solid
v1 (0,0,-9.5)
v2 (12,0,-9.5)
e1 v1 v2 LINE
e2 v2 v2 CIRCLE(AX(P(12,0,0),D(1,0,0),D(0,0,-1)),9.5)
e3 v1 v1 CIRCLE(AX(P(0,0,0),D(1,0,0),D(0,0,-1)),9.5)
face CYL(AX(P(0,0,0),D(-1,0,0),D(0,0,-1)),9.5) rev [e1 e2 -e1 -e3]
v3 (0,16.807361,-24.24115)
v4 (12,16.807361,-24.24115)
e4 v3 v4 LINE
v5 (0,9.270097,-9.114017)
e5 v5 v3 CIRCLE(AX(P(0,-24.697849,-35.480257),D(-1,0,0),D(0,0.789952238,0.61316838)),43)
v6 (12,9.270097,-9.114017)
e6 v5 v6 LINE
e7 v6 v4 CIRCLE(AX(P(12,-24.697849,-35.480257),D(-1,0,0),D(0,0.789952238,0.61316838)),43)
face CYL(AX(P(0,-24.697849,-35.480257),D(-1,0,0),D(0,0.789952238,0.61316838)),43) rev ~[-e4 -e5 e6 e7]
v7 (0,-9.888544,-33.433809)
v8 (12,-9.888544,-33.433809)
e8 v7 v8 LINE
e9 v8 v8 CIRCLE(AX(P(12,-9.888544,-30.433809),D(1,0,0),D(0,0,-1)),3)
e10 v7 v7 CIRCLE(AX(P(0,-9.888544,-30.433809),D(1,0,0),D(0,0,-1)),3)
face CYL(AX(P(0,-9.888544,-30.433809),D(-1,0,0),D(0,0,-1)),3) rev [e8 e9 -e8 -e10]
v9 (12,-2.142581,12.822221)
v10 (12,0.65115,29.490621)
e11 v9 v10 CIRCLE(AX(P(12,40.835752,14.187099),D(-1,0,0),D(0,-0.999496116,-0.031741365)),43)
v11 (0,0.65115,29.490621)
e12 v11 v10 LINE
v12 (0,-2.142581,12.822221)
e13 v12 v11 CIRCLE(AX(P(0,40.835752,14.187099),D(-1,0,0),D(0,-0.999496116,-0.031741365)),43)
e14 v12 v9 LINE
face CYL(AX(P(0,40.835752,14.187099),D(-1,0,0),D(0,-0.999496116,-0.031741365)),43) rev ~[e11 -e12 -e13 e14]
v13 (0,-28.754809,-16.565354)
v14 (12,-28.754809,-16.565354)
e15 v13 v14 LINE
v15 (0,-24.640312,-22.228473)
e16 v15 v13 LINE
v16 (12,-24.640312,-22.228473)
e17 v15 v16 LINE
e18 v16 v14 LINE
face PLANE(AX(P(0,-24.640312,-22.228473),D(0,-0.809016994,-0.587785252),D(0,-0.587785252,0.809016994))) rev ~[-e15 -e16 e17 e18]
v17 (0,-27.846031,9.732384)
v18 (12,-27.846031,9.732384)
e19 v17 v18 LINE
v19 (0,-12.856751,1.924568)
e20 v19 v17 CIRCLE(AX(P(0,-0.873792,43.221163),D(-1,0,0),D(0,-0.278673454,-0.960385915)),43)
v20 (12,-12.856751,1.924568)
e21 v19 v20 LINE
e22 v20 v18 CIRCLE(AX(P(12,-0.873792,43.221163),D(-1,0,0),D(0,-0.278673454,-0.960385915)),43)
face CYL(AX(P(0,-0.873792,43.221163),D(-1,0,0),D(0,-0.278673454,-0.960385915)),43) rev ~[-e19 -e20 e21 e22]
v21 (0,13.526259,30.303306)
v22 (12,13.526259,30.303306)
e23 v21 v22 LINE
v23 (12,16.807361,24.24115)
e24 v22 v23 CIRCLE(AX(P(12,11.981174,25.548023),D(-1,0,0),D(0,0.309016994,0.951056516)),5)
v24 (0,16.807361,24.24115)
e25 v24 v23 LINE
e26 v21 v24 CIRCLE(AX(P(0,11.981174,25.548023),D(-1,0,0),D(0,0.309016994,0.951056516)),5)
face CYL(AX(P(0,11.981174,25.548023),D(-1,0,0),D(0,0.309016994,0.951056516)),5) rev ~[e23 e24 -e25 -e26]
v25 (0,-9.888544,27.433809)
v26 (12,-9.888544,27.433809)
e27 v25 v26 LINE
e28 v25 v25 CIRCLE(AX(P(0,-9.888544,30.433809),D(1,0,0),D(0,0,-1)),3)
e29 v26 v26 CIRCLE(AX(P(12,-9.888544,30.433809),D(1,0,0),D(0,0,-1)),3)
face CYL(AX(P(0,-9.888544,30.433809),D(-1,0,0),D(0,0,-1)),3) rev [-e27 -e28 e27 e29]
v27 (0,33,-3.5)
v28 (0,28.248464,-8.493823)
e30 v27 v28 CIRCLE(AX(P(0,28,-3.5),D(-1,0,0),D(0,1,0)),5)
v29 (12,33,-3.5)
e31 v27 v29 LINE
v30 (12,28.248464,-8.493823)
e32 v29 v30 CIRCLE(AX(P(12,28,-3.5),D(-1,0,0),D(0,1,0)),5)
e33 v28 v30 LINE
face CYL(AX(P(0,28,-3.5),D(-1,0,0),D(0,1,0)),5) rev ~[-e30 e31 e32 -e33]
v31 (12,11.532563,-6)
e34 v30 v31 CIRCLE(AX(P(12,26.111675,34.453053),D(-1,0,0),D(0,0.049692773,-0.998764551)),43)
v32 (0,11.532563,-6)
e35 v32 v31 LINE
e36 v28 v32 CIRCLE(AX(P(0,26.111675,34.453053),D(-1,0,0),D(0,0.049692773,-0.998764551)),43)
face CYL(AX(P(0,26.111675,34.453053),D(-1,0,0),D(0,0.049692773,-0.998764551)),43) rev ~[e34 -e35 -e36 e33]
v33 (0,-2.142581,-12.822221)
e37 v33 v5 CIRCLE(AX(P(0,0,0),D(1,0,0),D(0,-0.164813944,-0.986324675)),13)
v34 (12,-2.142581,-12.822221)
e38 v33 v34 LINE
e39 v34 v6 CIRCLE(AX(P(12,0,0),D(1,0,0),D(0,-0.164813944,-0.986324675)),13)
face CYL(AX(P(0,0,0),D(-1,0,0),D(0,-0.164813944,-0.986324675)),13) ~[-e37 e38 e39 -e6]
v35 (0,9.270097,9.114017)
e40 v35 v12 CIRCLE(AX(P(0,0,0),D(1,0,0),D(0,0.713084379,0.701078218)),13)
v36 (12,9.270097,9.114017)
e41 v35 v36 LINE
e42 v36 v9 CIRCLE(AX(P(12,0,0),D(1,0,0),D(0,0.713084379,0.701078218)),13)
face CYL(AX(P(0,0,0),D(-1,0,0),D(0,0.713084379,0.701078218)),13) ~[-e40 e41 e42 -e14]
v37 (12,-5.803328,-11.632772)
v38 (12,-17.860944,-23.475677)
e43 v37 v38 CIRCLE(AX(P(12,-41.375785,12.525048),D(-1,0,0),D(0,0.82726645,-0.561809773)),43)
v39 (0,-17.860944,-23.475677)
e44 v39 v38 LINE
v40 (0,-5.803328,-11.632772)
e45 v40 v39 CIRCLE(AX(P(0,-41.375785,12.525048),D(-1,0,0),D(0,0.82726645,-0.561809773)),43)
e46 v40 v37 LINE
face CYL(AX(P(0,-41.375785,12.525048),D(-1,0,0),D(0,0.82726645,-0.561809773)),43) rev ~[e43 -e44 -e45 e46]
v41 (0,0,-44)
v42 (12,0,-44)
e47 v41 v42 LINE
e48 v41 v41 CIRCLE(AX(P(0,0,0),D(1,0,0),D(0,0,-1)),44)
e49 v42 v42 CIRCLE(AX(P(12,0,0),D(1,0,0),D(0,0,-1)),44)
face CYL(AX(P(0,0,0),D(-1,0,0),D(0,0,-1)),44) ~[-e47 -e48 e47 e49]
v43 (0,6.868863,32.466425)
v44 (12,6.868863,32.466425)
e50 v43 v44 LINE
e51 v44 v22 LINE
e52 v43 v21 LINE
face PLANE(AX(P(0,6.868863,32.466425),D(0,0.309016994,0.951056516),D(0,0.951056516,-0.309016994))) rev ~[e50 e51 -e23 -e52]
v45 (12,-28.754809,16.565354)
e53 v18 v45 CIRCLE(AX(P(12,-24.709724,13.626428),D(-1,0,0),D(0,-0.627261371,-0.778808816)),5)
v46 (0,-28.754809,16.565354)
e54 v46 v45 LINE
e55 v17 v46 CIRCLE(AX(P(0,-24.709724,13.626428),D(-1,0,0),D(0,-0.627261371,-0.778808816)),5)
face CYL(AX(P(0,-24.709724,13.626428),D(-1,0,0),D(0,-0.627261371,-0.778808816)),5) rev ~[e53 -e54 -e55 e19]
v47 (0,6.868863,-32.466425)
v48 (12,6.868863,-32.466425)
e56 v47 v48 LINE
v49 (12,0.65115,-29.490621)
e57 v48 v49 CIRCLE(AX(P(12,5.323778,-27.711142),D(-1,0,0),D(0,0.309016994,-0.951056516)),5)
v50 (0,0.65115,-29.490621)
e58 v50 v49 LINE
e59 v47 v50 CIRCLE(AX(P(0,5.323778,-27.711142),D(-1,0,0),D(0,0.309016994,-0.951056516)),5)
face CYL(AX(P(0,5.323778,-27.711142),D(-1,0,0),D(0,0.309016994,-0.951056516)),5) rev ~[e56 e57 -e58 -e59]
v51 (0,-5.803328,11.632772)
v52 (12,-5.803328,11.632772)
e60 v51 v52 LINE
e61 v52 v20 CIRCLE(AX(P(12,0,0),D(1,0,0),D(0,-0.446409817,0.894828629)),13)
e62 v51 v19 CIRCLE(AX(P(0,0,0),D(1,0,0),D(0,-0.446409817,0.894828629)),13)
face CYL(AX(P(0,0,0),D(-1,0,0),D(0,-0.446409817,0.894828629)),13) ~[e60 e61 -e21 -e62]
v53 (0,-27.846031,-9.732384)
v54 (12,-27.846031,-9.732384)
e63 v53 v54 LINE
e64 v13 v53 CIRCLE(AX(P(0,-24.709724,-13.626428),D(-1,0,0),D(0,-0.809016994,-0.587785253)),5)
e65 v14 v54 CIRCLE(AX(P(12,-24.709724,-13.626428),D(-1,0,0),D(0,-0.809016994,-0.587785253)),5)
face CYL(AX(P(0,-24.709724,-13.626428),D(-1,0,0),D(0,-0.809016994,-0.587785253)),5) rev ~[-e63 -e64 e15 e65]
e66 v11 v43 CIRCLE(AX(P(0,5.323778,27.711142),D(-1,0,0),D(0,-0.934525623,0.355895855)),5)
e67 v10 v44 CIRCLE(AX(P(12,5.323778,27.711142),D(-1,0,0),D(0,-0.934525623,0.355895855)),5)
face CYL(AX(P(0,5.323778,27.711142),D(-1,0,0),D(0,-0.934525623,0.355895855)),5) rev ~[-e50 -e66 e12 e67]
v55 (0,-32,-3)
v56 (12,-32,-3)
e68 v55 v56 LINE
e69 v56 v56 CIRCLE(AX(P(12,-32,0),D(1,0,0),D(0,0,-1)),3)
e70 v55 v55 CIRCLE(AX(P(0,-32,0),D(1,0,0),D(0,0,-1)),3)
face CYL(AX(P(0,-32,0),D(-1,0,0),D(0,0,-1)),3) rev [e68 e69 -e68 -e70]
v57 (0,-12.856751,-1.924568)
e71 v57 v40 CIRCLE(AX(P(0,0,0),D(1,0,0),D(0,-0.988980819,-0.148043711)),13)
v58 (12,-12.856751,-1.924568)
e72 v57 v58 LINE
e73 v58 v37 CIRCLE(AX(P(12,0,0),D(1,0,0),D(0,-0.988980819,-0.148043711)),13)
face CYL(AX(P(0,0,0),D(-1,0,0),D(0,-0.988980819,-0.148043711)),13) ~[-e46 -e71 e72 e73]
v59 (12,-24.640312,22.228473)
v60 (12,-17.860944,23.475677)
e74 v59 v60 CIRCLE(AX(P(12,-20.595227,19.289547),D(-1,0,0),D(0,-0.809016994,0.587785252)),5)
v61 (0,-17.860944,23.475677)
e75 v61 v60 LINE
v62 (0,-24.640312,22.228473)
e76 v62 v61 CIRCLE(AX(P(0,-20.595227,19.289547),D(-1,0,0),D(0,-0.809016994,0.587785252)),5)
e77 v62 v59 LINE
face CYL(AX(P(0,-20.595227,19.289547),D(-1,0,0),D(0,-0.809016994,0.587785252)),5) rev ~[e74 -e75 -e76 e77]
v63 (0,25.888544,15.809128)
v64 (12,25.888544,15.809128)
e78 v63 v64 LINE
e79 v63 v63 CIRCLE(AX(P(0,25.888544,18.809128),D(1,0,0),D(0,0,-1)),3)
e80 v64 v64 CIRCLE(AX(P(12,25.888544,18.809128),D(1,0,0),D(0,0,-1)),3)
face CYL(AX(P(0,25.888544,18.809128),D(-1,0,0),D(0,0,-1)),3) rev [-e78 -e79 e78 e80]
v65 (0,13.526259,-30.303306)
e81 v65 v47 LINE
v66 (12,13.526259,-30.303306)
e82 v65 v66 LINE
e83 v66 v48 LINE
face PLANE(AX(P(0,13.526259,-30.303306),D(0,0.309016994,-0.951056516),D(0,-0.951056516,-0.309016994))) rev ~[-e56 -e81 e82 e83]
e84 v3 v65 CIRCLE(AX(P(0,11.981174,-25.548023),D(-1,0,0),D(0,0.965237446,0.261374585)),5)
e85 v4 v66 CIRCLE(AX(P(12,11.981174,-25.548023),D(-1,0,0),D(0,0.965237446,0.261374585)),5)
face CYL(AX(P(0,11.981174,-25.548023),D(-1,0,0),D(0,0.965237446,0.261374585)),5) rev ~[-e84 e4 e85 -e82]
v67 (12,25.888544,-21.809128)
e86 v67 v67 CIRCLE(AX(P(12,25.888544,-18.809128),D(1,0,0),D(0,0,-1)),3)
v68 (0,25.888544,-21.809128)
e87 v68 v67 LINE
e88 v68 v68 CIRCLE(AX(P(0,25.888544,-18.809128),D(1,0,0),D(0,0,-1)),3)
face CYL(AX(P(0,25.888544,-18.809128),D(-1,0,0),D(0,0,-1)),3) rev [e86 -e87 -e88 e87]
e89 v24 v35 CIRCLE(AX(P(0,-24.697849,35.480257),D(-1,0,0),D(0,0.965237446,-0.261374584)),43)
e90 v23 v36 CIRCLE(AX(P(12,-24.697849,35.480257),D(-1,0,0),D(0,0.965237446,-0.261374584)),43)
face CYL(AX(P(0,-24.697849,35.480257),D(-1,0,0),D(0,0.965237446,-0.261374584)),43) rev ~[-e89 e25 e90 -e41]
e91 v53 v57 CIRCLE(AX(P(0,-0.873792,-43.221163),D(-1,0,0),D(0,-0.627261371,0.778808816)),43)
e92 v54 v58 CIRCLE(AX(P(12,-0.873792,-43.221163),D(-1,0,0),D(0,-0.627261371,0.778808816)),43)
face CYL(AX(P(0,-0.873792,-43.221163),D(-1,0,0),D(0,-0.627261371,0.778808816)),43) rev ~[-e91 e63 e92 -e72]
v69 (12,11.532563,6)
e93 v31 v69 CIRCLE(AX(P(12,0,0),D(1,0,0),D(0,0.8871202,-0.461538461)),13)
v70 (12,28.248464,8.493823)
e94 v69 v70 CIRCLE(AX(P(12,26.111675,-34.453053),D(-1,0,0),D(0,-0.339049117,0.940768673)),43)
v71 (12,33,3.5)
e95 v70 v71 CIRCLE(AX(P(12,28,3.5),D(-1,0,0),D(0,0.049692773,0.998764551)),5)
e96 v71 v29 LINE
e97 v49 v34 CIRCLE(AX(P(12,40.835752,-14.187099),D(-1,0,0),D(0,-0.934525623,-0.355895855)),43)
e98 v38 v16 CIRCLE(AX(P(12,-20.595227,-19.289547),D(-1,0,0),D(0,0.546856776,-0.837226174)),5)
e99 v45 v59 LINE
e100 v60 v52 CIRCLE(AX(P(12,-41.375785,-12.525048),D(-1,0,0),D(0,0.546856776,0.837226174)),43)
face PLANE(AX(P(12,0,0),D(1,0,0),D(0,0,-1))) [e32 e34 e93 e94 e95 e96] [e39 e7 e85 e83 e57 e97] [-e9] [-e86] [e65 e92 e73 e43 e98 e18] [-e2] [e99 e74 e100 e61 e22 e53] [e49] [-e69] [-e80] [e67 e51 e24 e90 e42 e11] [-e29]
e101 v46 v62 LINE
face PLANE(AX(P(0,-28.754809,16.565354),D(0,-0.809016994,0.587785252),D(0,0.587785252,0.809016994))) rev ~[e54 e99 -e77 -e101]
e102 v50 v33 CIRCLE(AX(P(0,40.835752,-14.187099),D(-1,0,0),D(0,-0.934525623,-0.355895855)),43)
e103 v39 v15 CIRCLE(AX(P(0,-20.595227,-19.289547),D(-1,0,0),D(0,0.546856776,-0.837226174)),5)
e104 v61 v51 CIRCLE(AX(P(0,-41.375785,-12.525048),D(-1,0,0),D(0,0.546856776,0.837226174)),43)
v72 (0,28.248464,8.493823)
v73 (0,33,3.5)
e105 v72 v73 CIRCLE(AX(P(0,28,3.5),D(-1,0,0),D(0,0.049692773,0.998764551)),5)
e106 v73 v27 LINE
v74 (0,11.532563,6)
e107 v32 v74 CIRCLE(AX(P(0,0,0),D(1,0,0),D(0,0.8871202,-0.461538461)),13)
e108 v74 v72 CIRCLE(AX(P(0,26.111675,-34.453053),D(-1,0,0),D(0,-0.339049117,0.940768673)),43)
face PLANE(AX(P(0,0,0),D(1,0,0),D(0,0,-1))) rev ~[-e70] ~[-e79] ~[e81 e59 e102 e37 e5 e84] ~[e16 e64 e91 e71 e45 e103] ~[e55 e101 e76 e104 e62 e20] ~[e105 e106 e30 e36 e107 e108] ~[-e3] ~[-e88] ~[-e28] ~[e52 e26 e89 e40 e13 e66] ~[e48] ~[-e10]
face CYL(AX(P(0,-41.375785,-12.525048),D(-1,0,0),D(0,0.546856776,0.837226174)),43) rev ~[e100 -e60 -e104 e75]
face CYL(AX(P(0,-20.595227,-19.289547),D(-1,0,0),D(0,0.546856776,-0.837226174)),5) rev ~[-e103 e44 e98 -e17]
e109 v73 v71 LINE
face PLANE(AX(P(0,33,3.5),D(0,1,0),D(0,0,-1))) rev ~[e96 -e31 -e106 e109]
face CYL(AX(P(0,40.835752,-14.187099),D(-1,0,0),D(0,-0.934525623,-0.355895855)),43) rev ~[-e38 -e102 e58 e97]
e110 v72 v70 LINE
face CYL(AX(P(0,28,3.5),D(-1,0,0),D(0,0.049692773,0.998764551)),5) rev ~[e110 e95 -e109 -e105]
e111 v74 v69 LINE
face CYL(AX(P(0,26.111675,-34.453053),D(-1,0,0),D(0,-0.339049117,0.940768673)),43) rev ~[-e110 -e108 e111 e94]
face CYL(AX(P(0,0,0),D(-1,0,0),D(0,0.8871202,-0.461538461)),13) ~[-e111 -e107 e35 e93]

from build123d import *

# Parameters (mm, degrees)
SKETCH_1_R      = 44
SKETCH_1_R_2    = 3
SKETCH_1_R_3    = 9.5
EXTRUDE_1_DEPTH = 12


with BuildPart() as part:
    # 草图1 → 凸台-拉伸1 (new body)
    with BuildSketch(Plane(origin=(0, 0, 0), x_dir=(0, 0, -1), z_dir=(1, 0, 0))):
        Circle(SKETCH_1_R)
        with Locations((0, -32)):
            Circle(SKETCH_1_R_2, mode=Mode.SUBTRACT)
        with Locations((-30.433808521, -9.88854382)):
            Circle(SKETCH_1_R_2, mode=Mode.SUBTRACT)
        with Locations((-18.809128073, 25.88854382)):
            Circle(SKETCH_1_R_2, mode=Mode.SUBTRACT)
        with Locations((18.809128073, 25.88854382)):
            Circle(SKETCH_1_R_2, mode=Mode.SUBTRACT)
        with Locations((30.433808521, -9.88854382)):
            Circle(SKETCH_1_R_2, mode=Mode.SUBTRACT)
        Circle(SKETCH_1_R_3, mode=Mode.SUBTRACT)
        with BuildLine():
            Line((-3.5, 33), (3.5, 33))
            ThreePointArc((3.5, 33), (6.946569358, 31.62231413), (8.493822755, 28.248463863))
            ThreePointArc((8.493822755, 28.248463863), (8.076258868, 19.766783996), (6, 11.532562595))
            ThreePointArc((6, 11.532562595), (0, 13), (-6, 11.532562595))
            ThreePointArc((-6, 11.532562595), (-8.076258868, 19.766783996), (-8.493822755, 28.248463863))
            ThreePointArc((-8.493822755, 28.248463863), (-6.946569358, 31.62231413), (-3.5, 33))
        make_face(mode=Mode.SUBTRACT)
        with BuildLine():
            Line((30.303305557, 13.526258621), (32.466424518, 6.868863007))
            ThreePointArc((32.466424518, 6.868863007), (32.221215898, 3.165252414), (29.490621211, 0.651149919))
            ThreePointArc((29.490621211, 0.651149919), (21.295029967, -1.572706445), (12.822220771, -2.142581267))
            ThreePointArc((12.822220771, -2.142581267), (12.363734712, 4.017220927), (9.114016839, 9.270096928))
            ThreePointArc((9.114016839, 9.270096928), (16.303627484, 13.789250803), (24.241150054, 16.807360878))
            ThreePointArc((24.241150054, 16.807360878), (27.92799993, 16.378412522), (30.303305557, 13.526258621))
        make_face(mode=Mode.SUBTRACT)
        with BuildLine():
            Line((22.228472806, -24.640312431), (16.565353845, -28.754809197))
            ThreePointArc((16.565353845, -28.754809197), (12.967237226, -29.666080556), (9.732383503, -27.846031081))
            ThreePointArc((9.732383503, -27.846031081), (5.084793443, -20.738770033), (1.924568248, -12.856750642))
            ThreePointArc((1.924568248, -12.856750642), (7.64120828, -10.517220927), (11.632772181, -5.803327614))
            ThreePointArc((11.632772181, -5.803327614), (18.152454794, -11.24455832), (23.475677415, -17.860943579))
            ThreePointArc((23.475677415, -17.860943579), (24.207022553, -21.49989851), (22.228472806, -24.640312431))
        make_face(mode=Mode.SUBTRACT)
        with BuildLine():
            Line((-16.565353845, -28.754809197), (-22.228472806, -24.640312431))
            ThreePointArc((-22.228472806, -24.640312431), (-24.207022553, -21.49989851), (-23.475677415, -17.860943579))
            ThreePointArc((-23.475677415, -17.860943579), (-18.152454794, -11.24455832), (-11.632772181, -5.803327614))
            ThreePointArc((-11.632772181, -5.803327614), (-7.64120828, -10.517220927), (-1.924568248, -12.856750642))
            ThreePointArc((-1.924568248, -12.856750642), (-5.084793443, -20.738770033), (-9.732383503, -27.846031081))
            ThreePointArc((-9.732383503, -27.846031081), (-12.967237226, -29.666080556), (-16.565353845, -28.754809197))
        make_face(mode=Mode.SUBTRACT)
        with BuildLine():
            Line((-32.466424518, 6.868863007), (-30.303305557, 13.526258621))
            ThreePointArc((-30.303305557, 13.526258621), (-27.92799993, 16.378412522), (-24.241150054, 16.807360878))
            ThreePointArc((-24.241150054, 16.807360878), (-16.303627484, 13.789250803), (-9.114016839, 9.270096928))
            ThreePointArc((-9.114016839, 9.270096928), (-12.363734712, 4.017220927), (-12.822220771, -2.142581267))
            ThreePointArc((-12.822220771, -2.142581267), (-21.295029967, -1.572706445), (-29.490621211, 0.651149919))
            ThreePointArc((-29.490621211, 0.651149919), (-32.221215898, 3.165252414), (-32.466424518, 6.868863007))
        make_face(mode=Mode.SUBTRACT)
    extrude(amount=EXTRUDE_1_DEPTH)


solid = part.part
